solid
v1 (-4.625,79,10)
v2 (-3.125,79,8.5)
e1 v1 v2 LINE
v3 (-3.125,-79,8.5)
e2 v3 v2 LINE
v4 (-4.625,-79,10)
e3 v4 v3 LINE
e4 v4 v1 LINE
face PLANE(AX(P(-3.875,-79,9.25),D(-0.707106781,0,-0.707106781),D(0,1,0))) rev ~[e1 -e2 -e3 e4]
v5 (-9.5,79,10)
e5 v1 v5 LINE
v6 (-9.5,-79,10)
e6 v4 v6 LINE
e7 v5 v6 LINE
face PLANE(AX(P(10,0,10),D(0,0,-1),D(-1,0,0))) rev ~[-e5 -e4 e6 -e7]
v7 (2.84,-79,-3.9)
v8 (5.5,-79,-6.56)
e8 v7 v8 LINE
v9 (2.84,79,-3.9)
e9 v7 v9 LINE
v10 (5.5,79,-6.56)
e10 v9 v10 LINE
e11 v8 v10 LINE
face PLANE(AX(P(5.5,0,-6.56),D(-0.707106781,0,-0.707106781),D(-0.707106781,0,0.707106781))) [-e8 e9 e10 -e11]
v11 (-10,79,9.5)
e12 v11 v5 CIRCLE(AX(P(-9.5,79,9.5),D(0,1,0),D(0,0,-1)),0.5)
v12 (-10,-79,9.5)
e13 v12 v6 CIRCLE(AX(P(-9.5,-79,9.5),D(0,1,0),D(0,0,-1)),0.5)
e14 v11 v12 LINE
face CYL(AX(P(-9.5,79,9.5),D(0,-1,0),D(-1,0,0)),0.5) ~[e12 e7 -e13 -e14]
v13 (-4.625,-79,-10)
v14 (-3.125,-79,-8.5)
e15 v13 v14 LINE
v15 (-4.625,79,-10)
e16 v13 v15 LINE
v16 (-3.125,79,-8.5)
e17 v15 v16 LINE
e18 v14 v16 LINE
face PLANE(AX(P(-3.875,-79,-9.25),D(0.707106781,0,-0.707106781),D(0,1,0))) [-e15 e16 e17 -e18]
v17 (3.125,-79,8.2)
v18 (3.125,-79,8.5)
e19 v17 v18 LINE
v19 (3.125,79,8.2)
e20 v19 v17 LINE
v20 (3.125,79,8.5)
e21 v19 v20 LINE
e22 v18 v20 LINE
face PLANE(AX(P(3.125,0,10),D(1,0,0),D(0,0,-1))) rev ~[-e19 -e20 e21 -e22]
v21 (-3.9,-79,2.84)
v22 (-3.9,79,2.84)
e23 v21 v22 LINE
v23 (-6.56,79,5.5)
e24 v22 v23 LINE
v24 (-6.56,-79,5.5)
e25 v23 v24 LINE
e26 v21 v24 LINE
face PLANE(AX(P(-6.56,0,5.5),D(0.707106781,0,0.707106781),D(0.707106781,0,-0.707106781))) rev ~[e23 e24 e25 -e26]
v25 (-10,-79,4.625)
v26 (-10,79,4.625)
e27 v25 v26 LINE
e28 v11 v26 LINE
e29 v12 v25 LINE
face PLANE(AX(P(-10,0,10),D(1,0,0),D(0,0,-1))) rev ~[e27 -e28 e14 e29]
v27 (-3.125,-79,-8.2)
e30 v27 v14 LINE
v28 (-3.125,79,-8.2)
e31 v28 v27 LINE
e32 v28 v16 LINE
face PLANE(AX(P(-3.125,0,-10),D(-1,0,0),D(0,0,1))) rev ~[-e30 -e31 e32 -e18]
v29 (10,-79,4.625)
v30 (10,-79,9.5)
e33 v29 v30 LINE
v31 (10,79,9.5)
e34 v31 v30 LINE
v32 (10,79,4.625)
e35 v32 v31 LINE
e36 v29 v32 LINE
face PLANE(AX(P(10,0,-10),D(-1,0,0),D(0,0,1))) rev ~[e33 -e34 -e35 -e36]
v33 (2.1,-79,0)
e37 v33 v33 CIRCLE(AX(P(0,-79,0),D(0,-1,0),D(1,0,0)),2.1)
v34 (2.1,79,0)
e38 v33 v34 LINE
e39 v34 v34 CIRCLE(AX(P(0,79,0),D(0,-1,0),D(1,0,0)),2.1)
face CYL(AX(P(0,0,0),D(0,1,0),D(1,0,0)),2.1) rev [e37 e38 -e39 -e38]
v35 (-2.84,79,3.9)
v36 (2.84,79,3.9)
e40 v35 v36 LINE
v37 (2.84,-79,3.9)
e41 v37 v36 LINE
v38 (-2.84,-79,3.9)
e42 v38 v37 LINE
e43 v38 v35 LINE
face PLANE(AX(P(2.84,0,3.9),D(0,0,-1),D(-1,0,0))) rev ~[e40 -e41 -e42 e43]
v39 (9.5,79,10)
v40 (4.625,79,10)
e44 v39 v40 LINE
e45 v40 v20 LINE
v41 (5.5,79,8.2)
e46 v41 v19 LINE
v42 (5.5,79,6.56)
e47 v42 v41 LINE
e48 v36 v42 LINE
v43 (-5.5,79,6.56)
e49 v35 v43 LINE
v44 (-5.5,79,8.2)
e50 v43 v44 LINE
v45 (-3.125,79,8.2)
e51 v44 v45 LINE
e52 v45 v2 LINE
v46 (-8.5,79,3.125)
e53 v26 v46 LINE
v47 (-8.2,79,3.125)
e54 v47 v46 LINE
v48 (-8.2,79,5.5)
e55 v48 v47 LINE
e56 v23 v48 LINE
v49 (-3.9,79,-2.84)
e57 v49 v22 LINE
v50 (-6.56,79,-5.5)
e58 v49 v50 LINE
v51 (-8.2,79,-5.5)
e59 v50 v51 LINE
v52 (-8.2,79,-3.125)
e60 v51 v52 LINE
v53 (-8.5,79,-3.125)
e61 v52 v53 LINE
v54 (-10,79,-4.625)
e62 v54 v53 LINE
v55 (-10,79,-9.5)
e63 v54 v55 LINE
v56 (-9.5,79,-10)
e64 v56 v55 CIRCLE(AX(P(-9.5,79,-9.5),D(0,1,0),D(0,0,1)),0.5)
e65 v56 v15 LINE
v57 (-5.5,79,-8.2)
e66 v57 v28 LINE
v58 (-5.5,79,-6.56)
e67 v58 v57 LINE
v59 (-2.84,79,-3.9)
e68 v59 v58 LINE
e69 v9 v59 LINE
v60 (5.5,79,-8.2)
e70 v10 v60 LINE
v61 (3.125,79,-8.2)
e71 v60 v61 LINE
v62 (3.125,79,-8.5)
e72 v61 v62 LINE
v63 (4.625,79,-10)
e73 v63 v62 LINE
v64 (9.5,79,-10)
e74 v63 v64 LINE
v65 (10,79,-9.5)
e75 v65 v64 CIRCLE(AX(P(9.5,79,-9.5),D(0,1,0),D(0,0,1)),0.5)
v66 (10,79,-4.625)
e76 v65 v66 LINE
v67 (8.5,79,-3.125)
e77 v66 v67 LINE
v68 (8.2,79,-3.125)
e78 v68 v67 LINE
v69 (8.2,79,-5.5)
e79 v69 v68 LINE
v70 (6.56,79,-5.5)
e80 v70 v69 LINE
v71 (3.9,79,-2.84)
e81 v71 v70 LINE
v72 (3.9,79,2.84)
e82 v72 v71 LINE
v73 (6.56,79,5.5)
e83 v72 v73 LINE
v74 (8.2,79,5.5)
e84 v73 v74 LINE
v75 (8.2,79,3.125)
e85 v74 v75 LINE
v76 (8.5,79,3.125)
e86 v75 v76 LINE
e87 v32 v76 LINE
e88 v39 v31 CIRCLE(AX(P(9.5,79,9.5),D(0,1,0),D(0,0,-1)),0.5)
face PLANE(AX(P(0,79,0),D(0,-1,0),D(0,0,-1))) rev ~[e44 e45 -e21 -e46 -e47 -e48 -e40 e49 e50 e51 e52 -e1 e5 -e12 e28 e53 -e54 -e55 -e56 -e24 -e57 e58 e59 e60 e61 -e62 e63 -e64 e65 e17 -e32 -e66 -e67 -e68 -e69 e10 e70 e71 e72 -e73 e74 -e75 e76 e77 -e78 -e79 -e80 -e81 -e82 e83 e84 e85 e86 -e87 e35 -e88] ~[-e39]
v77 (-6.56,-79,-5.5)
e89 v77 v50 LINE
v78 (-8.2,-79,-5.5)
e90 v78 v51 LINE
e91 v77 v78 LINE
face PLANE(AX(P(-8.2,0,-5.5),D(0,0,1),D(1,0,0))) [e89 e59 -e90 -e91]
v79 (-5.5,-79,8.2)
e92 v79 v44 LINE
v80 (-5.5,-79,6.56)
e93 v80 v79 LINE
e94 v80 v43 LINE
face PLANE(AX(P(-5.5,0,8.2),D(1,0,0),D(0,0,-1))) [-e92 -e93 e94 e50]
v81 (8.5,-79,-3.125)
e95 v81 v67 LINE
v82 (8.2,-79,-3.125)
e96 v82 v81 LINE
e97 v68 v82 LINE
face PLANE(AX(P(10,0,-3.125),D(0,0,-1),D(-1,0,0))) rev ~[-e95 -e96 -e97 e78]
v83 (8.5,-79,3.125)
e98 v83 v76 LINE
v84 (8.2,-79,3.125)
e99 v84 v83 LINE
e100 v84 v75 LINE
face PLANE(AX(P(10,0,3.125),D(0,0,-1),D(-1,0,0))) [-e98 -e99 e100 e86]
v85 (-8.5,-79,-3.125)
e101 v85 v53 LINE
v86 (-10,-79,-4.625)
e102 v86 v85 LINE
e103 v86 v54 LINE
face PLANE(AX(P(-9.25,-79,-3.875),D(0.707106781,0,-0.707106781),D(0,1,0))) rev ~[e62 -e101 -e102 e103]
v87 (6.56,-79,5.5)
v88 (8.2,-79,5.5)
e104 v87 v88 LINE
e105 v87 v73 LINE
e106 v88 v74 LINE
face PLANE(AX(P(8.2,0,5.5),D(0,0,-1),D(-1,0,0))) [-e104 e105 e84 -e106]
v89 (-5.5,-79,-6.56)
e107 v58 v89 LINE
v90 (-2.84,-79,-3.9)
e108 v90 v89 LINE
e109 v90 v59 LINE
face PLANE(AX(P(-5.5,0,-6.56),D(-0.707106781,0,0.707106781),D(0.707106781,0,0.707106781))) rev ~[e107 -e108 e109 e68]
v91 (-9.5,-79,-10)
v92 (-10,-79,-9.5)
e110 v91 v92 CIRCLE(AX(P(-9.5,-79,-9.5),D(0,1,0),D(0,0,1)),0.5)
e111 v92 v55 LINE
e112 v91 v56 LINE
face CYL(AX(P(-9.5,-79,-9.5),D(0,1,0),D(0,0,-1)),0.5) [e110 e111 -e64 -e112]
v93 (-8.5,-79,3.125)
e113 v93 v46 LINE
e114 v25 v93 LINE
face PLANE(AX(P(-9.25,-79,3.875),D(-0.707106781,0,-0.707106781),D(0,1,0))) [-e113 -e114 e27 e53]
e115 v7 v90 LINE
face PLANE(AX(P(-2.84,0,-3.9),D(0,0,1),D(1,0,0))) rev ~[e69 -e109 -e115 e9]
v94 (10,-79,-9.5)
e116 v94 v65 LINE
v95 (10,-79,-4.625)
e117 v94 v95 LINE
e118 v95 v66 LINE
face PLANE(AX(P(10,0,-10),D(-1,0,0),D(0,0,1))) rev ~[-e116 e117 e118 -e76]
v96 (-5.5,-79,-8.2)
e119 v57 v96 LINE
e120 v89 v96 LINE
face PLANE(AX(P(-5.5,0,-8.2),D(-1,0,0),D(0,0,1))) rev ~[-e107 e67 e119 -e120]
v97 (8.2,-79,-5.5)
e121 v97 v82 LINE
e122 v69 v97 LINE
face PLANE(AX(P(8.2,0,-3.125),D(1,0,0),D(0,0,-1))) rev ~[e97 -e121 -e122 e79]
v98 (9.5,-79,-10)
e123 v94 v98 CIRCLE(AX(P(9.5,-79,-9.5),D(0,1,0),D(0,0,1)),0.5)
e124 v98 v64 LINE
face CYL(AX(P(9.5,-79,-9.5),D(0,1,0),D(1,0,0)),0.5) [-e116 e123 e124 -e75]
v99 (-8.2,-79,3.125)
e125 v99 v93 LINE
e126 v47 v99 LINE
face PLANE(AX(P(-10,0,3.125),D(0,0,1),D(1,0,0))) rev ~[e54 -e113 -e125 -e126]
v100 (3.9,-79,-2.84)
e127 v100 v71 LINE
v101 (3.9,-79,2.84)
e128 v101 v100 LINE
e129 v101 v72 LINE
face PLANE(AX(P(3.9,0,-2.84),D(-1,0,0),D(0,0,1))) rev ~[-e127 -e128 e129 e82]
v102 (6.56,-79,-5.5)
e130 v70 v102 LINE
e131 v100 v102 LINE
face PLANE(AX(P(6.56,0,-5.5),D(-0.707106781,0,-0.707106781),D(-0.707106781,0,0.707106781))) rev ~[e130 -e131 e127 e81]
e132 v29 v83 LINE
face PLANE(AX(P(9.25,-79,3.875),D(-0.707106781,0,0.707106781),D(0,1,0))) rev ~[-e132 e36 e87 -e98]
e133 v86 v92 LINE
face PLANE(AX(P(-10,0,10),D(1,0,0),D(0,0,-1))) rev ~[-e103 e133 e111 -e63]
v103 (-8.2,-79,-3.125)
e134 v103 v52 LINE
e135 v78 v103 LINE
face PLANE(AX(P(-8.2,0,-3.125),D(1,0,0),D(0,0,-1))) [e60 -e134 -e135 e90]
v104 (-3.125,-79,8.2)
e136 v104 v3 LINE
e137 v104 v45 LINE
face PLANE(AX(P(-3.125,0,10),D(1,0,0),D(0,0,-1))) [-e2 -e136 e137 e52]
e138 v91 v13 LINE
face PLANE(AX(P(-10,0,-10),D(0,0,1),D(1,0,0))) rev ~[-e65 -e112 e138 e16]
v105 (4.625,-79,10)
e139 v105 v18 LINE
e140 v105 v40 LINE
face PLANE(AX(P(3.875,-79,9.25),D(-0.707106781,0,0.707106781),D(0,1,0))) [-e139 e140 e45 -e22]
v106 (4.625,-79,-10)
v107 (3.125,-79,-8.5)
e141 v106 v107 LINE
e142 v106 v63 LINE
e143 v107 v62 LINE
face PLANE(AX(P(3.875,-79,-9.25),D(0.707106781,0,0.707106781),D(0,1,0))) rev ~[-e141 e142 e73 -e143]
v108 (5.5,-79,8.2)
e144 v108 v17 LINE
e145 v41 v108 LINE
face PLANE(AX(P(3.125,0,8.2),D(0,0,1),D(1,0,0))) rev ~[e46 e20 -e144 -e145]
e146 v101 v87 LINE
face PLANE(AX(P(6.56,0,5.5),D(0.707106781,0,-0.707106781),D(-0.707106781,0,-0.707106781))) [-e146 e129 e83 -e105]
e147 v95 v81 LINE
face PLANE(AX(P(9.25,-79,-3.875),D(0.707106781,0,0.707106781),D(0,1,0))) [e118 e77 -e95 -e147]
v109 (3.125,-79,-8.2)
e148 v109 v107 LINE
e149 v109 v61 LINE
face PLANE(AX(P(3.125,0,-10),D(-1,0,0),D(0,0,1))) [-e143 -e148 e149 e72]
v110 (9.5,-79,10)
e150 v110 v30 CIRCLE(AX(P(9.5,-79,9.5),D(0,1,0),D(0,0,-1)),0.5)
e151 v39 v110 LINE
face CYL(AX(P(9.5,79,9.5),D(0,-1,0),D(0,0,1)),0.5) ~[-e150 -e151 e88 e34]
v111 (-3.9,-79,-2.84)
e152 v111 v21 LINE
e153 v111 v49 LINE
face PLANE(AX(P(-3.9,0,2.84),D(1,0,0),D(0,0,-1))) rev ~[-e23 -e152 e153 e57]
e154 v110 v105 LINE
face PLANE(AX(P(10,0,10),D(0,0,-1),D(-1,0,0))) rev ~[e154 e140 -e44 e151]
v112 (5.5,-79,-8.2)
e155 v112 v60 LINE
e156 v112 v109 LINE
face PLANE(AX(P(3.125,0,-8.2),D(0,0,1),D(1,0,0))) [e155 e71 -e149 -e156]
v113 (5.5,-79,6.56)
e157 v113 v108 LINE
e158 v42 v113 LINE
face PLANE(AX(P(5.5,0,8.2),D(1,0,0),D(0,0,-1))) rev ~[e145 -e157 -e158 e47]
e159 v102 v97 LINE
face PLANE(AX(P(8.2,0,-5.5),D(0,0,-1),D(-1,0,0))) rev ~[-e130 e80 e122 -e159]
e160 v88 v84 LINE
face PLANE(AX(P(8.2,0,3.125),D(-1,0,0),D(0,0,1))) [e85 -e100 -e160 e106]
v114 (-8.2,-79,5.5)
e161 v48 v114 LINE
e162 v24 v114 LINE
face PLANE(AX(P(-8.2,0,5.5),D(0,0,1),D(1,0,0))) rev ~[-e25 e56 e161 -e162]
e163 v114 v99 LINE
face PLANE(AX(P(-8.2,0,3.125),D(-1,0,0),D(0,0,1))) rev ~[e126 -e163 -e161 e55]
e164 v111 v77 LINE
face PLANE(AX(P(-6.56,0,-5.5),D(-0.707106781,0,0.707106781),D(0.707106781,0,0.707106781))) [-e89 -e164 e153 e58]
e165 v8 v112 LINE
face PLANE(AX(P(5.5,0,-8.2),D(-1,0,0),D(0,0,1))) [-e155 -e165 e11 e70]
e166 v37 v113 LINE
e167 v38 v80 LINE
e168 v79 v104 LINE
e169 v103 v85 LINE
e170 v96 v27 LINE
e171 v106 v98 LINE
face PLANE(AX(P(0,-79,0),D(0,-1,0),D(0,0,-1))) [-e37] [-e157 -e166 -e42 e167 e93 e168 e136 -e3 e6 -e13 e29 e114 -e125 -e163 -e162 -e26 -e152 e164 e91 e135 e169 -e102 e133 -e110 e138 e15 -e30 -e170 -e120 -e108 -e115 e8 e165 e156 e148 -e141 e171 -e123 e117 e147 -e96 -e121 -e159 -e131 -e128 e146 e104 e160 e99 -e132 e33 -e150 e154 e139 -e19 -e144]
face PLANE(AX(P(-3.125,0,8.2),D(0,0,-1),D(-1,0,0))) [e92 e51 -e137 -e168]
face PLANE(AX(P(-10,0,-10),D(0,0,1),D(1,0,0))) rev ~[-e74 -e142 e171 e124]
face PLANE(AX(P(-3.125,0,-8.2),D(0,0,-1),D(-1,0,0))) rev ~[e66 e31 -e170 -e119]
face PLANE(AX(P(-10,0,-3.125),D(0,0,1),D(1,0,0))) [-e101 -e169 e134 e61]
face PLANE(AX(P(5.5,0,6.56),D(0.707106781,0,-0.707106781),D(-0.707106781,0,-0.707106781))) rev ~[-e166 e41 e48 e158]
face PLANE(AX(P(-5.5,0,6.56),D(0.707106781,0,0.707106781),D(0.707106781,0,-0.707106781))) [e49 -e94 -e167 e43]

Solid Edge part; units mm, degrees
sketch "Sketch1" plane through (0, 0, 0) normal (0, -1, 0) x (1, 0, 0)
  line L0 (10, -10) -> (10, 10)
  line L1 (10, 10) -> (-10, 10)
  line L2 (-10, 10) -> (-10, -10)
  line L3 (-10, -10) -> (10, -10)
  circle A0 centre (0, 0) radius 2.1
  dimension "D1" = 1.64
  dimension "D2" = 1.8
  dimension "D3" = 20
  dimension "D4" = 20
  dimension "D5" = 3.9
  dimension "D6" = 6.25
  dimension "D7" = 11
extrude "Protrusion1" add sketch "Sketch1" along normal mid plane 158
sketch "Sketch2" plane through (0, 0, 0) normal (0, -1, 0) x (1, 0, 0)
  line L0 (5.5, 6.56) -> (2.84, 3.9)
  line L1 (2.84, 3.9) -> (-2.84, 3.9)
  line L2 (-5.5, 6.56) -> (-2.84, 3.9)
  line L3 (-5.5, 8.2) -> (-5.5, 6.56)
  line L4 (-3.125, 8.2) -> (-5.5, 8.2)
  line L5 (-3.125, 10) -> (-3.125, 8.2)
  line L6 (-3.125, 10) -> (3.125, 10)
  line L7 (3.125, 10) -> (3.125, 8.2)
  line L8 (3.125, 8.2) -> (5.5, 8.2)
  line L9 (5.5, 8.2) -> (5.5, 6.56)
extrude "Cutout1" cut sketch "Sketch2" along normal through all and the other way through all
chamfer "Chaflán_1" distance 1.5 angle 45 2 edges at (-3.125, 0, 10) (3.125, 0, 10)
pattern_circular "Pattern1" count 4 over 360 about axis through (0, -79, 0) along (0, 1, 0) of "Cutout1", "Chaflán_1"
fillet "Redondeo_3" radius 0.5 4 edges at (-10, 0, 10) (10, 0, 10) (10, 0, -10) (-10, 0, -10)
